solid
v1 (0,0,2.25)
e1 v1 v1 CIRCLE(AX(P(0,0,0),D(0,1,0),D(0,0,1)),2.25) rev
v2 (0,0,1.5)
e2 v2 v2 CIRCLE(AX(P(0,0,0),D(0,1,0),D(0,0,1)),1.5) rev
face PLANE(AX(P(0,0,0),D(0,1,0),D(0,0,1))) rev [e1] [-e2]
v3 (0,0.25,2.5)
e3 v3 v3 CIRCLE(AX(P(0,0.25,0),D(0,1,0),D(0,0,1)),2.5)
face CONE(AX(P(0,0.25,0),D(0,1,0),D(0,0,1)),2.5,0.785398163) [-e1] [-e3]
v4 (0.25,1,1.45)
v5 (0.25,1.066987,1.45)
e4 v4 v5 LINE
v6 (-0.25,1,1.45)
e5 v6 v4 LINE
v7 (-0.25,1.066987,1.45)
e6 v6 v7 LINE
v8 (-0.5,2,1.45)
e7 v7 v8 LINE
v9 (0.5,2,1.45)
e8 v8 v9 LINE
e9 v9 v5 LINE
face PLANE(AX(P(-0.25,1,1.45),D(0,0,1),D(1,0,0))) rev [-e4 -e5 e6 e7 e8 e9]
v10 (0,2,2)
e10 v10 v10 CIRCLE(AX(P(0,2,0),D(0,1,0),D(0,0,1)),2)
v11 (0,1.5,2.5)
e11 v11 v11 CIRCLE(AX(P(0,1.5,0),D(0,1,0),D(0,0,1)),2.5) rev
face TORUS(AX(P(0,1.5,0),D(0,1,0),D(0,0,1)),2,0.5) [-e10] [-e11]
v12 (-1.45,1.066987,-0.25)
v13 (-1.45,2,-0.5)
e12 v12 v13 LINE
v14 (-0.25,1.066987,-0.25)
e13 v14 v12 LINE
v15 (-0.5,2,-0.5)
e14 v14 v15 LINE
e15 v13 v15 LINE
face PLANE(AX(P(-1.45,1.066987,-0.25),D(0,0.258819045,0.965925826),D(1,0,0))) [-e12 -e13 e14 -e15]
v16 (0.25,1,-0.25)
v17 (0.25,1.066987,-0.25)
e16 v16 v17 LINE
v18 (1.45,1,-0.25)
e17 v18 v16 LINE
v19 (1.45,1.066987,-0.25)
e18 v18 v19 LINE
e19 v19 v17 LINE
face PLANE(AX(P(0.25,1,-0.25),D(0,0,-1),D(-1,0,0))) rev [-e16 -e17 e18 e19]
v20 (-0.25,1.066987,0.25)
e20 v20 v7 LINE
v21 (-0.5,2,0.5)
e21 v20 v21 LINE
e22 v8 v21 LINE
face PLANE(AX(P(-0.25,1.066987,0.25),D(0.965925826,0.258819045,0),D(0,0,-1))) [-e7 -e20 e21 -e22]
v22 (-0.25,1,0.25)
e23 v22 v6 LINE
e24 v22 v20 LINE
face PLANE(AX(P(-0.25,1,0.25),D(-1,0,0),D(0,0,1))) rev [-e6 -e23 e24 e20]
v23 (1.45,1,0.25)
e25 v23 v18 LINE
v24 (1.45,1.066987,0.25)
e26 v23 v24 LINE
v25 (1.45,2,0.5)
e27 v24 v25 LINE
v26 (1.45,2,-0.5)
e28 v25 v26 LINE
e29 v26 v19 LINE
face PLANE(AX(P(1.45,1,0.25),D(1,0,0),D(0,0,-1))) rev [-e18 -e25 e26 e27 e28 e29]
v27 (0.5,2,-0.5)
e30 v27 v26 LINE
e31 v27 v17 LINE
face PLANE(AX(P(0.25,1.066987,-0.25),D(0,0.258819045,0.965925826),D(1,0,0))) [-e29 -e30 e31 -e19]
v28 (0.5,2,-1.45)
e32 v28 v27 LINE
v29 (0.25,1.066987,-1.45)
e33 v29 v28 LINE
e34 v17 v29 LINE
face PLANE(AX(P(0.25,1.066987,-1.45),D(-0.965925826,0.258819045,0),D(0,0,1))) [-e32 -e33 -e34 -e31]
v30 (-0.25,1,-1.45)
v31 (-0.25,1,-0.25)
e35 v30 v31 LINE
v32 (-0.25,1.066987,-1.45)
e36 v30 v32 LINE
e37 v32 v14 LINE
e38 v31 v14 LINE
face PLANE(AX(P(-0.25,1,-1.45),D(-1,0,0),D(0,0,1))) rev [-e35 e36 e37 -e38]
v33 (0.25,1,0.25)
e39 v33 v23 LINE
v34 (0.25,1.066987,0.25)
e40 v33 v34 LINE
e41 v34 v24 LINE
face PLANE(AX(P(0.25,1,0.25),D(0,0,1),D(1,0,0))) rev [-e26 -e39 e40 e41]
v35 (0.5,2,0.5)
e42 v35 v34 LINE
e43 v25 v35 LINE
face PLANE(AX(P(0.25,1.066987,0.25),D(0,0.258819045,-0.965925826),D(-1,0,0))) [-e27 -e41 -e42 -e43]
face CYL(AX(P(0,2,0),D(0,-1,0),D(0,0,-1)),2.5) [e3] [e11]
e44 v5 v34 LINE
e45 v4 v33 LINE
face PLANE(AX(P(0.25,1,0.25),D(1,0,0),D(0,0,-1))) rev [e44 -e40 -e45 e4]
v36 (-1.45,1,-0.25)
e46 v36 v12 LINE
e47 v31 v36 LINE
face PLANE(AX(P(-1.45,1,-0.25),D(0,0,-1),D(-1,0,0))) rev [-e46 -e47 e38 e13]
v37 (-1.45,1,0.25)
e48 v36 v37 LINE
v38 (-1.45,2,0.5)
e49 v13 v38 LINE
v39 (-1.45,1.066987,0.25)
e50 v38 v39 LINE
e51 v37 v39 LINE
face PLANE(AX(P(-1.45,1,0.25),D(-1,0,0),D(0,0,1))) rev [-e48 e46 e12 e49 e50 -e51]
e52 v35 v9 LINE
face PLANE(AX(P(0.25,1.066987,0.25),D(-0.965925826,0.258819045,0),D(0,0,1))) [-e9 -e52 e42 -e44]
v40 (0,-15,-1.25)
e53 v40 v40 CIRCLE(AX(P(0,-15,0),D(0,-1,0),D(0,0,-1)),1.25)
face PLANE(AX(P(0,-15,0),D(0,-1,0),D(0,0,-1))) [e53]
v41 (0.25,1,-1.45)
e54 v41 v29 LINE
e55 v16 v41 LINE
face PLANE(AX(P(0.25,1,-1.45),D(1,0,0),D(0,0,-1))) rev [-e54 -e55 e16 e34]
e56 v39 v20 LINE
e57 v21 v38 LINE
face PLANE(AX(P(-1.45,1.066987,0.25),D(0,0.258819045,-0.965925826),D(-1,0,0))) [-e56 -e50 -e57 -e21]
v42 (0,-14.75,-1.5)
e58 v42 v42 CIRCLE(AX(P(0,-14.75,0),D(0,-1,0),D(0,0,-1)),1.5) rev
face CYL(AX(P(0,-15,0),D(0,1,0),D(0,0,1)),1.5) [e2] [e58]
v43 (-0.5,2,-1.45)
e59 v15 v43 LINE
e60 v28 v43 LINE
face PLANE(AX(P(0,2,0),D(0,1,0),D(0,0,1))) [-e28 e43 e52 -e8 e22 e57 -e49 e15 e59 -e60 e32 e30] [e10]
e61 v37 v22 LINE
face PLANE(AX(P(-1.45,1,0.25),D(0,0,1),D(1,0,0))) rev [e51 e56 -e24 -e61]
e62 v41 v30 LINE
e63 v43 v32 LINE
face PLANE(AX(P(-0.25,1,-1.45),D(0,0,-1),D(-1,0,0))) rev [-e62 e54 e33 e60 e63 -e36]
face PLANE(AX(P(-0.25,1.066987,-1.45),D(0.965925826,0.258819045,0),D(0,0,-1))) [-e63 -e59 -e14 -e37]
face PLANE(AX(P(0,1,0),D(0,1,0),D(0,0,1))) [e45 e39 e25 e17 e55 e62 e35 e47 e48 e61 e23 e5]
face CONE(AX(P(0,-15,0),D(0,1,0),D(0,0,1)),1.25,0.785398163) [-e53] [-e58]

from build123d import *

# Parameters (mm, degrees)
CROQUIS1_R              = 2.5
SALIENTE_EXTRUIR1_DEPTH = 2
CROQUIS2_R              = 1.5
SALIENTE_EXTRUIR2_DEPTH = 15
CHAFL_N1_SIZE           = 0.25
REDONDEO1_R             = 0.5
CORTAR_EXTRUIR1_DEPTH   = 1
CHAFL_N2_SIZE           = 0.25
CHAFL_N2_SIZE2          = 0.933012702


with BuildPart() as part:
    # Croquis1 → Saliente-Extruir1 (new body)
    with BuildSketch(Plane(origin=(0, 0, 0), x_dir=(1, 0, 0), z_dir=(0, 1, 0))):
        Circle(CROQUIS1_R)
    extrude(amount=SALIENTE_EXTRUIR1_DEPTH)

    # Croquis2 → Saliente-Extruir2 (add)
    with BuildSketch(Plane.XZ):
        Circle(CROQUIS2_R)
    extrude(amount=SALIENTE_EXTRUIR2_DEPTH)

    # Chaflán1
    chafl_n1_edges = [part.edges().sort_by_distance(p)[0] for p in [
        (-2.5, 0, 0),
        (-1.5, -15, 0),
    ]]
    chamfer(chafl_n1_edges, length=CHAFL_N1_SIZE)

    # Redondeo1
    redondeo1_edges = [part.edges().sort_by_distance(p)[0] for p in [
        (-2.5, 2, 0),
    ]]
    fillet(redondeo1_edges, radius=REDONDEO1_R)

    # Croquis3 → Cortar-Extruir1 (cut)
    with BuildSketch(Plane(origin=(0, 2, 0), x_dir=(1, 0, 0), z_dir=(0, 1, 0))):
        Polygon((0.25, 0.25), (1.45, 0.25), (1.45, -0.25), (0.25, -0.25), (0.25, -1.45), (-0.25, -1.45), (-0.25, -0.25), (-1.45, -0.25), (-1.45, 0.25), (-0.25, 0.25), (-0.25, 1.45), (0.25, 1.45), align=None)
    extrude(amount=-CORTAR_EXTRUIR1_DEPTH, mode=Mode.SUBTRACT)

    # Chaflán2
    chafl_n2_edges = [part.edges().sort_by_distance(p)[0] for p in [
        (-0.25, 2, -0.85),
        (-0.85, 2, -0.25),
        (-0.85, 2, 0.25),
        (-0.25, 2, 0.85),
        (0.25, 2, 0.85),
        (0.85, 2, 0.25),
        (0.85, 2, -0.25),
        (0.25, 2, -0.85),
    ]]
    chafl_n2_side = [part.faces().sort_by_distance(p)[0] for p in [
        (-1.943431458, 2, 0),
    ]]
    chamfer(chafl_n2_edges, length=CHAFL_N2_SIZE, length2=CHAFL_N2_SIZE2, reference=chafl_n2_side[0])


solid = part.part
